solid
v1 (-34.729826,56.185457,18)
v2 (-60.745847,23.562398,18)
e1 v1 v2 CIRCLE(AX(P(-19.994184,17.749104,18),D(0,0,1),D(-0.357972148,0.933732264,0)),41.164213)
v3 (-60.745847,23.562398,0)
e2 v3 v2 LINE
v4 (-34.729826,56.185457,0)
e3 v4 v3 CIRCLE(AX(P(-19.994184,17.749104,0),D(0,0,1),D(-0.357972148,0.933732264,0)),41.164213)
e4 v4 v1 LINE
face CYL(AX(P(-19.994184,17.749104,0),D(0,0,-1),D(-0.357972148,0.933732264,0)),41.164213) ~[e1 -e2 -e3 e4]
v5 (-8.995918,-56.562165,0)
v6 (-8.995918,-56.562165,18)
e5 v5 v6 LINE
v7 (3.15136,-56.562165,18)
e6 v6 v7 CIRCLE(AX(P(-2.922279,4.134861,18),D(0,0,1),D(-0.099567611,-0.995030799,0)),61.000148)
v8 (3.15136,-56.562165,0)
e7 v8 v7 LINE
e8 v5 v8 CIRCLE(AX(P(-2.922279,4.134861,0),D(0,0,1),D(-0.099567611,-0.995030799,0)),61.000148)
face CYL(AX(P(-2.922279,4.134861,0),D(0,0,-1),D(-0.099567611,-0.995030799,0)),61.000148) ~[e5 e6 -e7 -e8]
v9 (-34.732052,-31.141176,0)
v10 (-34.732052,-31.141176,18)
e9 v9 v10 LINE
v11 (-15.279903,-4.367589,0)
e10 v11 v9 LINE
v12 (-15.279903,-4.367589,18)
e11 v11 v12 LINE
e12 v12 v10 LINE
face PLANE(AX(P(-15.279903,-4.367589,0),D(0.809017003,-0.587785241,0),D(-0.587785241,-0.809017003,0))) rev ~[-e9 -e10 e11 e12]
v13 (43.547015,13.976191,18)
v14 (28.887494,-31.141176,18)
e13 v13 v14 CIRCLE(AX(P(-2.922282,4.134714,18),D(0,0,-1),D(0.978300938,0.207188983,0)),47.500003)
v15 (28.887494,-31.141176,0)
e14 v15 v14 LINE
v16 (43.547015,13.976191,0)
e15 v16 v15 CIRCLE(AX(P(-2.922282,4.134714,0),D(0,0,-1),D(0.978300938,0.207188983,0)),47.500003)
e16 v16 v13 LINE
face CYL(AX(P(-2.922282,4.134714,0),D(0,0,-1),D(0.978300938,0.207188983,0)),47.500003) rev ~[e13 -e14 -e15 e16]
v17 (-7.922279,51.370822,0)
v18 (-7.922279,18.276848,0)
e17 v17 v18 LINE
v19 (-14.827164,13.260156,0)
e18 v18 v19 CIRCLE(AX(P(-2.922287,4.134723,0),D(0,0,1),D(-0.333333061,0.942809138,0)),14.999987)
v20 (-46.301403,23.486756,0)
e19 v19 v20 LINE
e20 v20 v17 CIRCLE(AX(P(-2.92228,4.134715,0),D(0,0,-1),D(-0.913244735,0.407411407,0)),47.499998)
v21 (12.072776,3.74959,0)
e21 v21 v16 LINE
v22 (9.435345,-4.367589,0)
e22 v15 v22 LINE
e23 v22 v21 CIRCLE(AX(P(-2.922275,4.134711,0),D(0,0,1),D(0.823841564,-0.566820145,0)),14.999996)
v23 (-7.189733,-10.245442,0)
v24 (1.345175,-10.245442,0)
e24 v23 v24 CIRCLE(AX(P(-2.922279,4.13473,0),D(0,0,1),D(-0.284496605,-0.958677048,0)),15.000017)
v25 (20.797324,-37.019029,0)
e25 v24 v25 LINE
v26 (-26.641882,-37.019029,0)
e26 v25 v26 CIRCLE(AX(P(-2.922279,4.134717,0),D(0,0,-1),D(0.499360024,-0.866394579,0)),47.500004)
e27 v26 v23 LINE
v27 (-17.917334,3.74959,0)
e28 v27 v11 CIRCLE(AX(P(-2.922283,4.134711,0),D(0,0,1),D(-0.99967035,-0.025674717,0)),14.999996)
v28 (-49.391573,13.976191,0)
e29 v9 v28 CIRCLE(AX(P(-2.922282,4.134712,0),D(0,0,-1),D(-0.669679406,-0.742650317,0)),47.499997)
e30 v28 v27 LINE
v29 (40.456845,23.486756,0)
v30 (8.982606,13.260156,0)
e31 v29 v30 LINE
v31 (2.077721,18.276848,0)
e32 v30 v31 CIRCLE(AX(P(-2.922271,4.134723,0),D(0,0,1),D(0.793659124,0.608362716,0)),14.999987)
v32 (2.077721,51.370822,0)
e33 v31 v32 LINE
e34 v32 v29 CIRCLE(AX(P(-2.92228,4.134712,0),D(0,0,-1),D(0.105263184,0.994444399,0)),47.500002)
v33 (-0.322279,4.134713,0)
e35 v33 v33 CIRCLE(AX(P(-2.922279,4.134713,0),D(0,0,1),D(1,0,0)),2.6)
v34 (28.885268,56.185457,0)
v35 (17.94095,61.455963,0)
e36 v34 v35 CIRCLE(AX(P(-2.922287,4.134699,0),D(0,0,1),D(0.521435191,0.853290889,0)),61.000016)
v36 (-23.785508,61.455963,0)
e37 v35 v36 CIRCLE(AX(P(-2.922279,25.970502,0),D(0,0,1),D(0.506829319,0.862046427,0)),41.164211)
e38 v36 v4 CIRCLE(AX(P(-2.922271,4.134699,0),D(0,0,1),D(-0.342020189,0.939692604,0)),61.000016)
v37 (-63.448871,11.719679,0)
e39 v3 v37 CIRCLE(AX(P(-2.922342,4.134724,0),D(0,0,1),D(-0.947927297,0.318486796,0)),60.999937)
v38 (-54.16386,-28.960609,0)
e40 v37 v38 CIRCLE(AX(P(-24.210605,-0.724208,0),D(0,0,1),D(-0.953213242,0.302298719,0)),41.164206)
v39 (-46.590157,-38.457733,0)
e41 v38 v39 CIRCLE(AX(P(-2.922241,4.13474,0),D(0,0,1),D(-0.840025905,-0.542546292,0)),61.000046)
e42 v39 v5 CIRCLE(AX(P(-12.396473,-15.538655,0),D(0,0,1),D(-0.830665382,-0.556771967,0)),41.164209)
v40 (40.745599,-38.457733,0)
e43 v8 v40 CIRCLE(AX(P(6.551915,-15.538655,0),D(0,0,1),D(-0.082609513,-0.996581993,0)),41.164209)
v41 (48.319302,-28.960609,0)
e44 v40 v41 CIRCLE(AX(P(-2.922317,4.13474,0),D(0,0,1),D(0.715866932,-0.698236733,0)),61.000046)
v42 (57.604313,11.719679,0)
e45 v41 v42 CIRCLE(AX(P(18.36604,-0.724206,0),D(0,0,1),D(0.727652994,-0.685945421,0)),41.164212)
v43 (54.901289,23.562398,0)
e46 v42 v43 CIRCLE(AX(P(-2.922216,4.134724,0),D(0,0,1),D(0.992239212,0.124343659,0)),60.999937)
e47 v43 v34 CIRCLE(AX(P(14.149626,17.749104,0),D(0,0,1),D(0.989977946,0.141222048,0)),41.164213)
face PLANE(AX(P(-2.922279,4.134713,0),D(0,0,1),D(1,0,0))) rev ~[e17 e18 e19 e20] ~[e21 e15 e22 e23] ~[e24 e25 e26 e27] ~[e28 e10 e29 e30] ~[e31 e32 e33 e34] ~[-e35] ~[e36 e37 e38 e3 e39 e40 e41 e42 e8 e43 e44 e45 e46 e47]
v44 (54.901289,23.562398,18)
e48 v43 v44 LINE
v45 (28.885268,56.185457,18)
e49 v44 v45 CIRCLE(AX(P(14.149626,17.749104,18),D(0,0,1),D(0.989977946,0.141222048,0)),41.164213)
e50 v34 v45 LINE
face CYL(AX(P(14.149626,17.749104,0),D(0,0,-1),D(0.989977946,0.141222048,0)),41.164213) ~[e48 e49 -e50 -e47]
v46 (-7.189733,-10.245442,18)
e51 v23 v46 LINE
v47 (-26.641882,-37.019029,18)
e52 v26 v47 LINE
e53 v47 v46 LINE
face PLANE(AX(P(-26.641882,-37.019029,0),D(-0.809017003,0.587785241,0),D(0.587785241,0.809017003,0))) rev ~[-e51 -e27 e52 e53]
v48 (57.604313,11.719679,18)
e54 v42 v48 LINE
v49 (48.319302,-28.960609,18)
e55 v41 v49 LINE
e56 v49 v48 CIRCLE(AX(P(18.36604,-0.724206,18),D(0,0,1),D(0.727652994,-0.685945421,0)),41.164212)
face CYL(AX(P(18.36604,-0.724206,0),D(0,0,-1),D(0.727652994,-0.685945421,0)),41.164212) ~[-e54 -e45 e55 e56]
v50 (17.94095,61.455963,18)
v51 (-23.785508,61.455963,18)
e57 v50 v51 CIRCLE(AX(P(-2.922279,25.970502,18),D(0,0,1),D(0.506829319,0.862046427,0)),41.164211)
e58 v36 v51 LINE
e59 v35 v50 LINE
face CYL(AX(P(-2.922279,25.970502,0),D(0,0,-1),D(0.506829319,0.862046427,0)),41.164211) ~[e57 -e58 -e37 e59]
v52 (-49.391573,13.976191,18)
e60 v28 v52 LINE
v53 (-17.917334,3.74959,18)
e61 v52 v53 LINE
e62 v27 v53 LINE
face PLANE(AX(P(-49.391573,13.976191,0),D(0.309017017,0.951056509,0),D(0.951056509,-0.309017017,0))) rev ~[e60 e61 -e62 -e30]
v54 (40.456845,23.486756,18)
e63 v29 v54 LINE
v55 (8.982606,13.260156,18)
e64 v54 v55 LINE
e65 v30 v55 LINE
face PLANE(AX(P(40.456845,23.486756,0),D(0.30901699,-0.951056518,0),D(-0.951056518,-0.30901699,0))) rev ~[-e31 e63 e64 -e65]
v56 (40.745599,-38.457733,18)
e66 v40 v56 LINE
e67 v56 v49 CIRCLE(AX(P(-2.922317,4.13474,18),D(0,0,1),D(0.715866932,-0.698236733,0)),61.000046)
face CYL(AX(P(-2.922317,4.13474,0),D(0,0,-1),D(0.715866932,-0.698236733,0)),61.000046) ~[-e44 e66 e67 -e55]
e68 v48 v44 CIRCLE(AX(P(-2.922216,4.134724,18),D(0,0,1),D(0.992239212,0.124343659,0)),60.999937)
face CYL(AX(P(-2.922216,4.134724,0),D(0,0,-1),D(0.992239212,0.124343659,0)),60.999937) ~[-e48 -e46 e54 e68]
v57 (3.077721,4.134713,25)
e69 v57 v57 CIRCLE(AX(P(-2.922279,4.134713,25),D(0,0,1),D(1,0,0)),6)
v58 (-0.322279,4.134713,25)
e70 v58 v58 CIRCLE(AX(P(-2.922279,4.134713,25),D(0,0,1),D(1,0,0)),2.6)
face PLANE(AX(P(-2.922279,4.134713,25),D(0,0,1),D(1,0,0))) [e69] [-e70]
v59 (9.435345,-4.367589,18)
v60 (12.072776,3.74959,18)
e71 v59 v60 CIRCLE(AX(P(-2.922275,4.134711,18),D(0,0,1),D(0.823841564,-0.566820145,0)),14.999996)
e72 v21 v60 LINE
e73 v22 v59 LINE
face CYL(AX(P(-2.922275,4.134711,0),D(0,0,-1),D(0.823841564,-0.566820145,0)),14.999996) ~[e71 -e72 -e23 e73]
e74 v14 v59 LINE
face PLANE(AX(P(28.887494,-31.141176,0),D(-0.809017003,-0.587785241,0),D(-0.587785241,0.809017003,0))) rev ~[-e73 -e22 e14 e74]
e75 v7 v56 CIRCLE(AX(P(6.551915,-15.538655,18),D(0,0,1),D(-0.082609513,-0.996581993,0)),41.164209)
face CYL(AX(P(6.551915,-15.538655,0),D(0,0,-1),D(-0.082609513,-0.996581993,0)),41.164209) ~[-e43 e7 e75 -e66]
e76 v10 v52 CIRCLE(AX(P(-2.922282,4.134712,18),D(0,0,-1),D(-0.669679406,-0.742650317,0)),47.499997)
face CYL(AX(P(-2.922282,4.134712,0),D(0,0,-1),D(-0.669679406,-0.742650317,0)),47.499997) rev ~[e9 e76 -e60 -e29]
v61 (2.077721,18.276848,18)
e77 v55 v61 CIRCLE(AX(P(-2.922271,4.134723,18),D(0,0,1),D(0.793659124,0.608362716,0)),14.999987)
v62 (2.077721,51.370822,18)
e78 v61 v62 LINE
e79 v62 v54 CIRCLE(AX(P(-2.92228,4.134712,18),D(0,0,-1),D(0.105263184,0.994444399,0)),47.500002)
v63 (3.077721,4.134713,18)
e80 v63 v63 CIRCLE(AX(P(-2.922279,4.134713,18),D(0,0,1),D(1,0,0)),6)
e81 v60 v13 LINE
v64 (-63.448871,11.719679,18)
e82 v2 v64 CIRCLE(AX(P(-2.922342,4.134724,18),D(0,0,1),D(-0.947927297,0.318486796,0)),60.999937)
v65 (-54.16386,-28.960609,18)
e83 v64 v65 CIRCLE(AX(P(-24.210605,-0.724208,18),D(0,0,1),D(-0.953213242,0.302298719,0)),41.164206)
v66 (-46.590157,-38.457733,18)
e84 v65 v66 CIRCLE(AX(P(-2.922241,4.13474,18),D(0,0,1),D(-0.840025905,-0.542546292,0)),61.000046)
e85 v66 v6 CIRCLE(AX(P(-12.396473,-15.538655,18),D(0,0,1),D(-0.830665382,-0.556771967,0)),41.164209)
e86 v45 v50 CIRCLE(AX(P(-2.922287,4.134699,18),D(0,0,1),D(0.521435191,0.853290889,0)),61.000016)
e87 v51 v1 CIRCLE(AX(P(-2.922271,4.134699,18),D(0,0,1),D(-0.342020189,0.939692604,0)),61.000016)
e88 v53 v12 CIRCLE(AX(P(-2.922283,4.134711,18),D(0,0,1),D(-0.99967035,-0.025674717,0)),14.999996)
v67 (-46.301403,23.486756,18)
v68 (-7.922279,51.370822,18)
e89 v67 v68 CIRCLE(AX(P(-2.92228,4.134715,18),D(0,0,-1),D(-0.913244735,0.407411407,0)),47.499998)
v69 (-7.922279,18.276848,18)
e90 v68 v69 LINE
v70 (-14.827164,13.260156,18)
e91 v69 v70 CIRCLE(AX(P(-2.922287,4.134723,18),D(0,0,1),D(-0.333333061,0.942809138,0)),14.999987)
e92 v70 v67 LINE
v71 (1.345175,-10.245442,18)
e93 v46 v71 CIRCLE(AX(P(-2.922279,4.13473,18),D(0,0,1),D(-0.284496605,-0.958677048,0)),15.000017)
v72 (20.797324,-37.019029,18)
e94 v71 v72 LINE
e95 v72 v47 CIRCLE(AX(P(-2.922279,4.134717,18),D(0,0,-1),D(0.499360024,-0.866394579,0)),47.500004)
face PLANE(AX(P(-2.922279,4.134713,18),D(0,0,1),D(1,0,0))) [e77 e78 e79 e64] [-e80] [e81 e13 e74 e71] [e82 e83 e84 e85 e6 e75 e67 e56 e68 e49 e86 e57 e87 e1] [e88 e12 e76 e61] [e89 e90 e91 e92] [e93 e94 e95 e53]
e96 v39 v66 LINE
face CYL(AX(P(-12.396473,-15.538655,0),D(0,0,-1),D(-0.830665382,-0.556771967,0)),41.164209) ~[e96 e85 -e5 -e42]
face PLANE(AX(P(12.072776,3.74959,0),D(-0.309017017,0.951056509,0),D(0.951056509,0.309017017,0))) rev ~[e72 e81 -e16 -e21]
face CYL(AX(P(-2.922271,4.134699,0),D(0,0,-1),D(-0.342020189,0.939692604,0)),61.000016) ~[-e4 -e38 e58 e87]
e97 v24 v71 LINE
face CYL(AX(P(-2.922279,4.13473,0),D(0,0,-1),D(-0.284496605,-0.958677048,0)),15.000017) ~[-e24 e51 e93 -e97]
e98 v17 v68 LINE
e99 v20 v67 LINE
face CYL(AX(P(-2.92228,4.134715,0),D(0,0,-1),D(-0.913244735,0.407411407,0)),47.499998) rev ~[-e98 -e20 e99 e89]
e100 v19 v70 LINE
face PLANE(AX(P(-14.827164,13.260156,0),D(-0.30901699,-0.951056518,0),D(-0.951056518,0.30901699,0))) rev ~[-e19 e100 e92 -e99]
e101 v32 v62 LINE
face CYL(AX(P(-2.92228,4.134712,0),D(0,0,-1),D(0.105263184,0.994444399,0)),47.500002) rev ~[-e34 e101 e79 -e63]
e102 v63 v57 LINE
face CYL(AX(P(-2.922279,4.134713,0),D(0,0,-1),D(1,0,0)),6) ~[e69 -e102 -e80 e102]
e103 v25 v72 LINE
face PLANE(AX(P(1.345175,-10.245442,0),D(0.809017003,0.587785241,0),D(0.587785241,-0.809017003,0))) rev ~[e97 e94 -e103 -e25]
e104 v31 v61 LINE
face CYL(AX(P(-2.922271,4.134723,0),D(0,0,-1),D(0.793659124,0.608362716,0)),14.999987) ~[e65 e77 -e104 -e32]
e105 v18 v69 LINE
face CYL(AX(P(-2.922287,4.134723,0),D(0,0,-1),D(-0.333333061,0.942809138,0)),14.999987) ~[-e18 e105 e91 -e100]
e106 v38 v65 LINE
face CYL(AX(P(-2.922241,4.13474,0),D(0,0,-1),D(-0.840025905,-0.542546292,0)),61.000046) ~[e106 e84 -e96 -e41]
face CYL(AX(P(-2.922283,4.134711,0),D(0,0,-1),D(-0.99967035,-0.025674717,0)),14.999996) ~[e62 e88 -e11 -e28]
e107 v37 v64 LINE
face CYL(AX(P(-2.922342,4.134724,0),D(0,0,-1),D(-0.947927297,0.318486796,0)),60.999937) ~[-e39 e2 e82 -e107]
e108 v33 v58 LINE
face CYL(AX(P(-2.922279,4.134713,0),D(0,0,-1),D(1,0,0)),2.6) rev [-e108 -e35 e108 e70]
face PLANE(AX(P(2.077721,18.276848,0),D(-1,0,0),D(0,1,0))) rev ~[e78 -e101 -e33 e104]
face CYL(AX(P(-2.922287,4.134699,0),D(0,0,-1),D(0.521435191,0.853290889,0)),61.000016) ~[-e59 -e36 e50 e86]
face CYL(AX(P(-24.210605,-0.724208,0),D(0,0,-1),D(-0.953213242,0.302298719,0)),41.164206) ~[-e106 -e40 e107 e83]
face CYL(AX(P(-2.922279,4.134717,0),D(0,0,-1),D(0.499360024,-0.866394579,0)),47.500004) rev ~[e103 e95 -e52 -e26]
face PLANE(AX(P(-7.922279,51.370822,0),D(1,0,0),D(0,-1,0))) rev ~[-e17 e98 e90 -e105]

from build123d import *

# Parameters (mm, degrees)
F0_R     = 6
F0_R_2   = 2.6
F1_DEPTH = 25
F2_DEPTH = 18


with BuildPart() as f1:
    # F0 (on Top) → F1 (new body)
    with BuildSketch(Plane.XY):
        with Locations((-2.922279, 4.134713)):
            Circle(F0_R)
        with Locations((-2.922279, 4.134713)):
            Circle(F0_R_2, mode=Mode.SUBTRACT)
    extrude(amount=F1_DEPTH)

    # F0 (on Top) → F2 (join)
    with BuildSketch(Plane.XY):
        with BuildLine():
            ThreePointArc((-34.729826, 56.185457), (-52.177662, 43.41457), (-60.745847, 23.562398))
            ThreePointArc((-60.745847, 23.562398), (-62.392882, 17.70849), (-63.448871, 11.719679))
            ThreePointArc((-63.448871, 11.719679), (-64.342738, -9.884106), (-54.16386, -28.960609))
            ThreePointArc((-54.16386, -28.960609), (-50.613999, -33.898165), (-46.590157, -38.457733))
            ThreePointArc((-46.590157, -38.457733), (-30.256955, -52.626326), (-8.995918, -56.562165))
            ThreePointArc((-8.995918, -56.562165), (-2.922279, -56.865287), (3.15136, -56.562165))
            ThreePointArc((3.15136, -56.562165), (24.412397, -52.626326), (40.745599, -38.457733))
            ThreePointArc((40.745599, -38.457733), (44.769441, -33.898165), (48.319302, -28.960609))
            ThreePointArc((48.319302, -28.960609), (58.498179, -9.884106), (57.604313, 11.719679))
            ThreePointArc((57.604313, 11.719679), (56.548324, 17.70849), (54.901289, 23.562398))
            ThreePointArc((54.901289, 23.562398), (46.333104, 43.41457), (28.885268, 56.185457))
            ThreePointArc((28.885268, 56.185457), (23.544629, 59.093814), (17.94095, 61.455963))
            ThreePointArc((17.94095, 61.455963), (-2.922279, 67.134713), (-23.785508, 61.455963))
            ThreePointArc((-23.785508, 61.455963), (-29.389187, 59.093814), (-34.729826, 56.185457))
        make_face()
        with BuildLine():
            Line((-26.641882, -37.019029), (-7.189733, -10.245442))
            ThreePointArc((-7.189733, -10.245442), (-2.922279, -10.865287), (1.345175, -10.245442))
            Line((1.345175, -10.245442), (20.797324, -37.019029))
            ThreePointArc((20.797324, -37.019029), (-2.922279, -43.365287), (-26.641882, -37.019029))
        make_face(mode=Mode.SUBTRACT)
        with BuildLine():
            Line((-49.391573, 13.976191), (-17.917334, 3.74959))
            ThreePointArc((-17.917334, 3.74959), (-17.188127, -0.500542), (-15.279903, -4.367589))
            Line((-15.279903, -4.367589), (-34.732052, -31.141176))
            ThreePointArc((-34.732052, -31.141176), (-48.097464, -10.543594), (-49.391573, 13.976191))
        make_face(mode=Mode.SUBTRACT)
        with Locations((-2.922279, 4.134713)):
            Circle(F0_R, mode=Mode.SUBTRACT)
        with BuildLine():
            Line((28.887494, -31.141176), (9.435345, -4.367589))
            ThreePointArc((9.435345, -4.367589), (11.343569, -0.500542), (12.072776, 3.74959))
            Line((12.072776, 3.74959), (43.547015, 13.976191))
            ThreePointArc((43.547015, 13.976191), (42.252905, -10.543594), (28.887494, -31.141176))
        make_face(mode=Mode.SUBTRACT)
        with BuildLine():
            ThreePointArc((-46.301403, 23.486756), (-30.842079, 42.56302), (-7.922279, 51.370822))
            Line((-7.922279, 51.370822), (-7.922279, 18.276848))
            ThreePointArc((-7.922279, 18.276848), (-11.739058, 16.269968), (-14.827164, 13.260156))
            Line((-14.827164, 13.260156), (-46.301403, 23.486756))
        make_face(mode=Mode.SUBTRACT)
        with BuildLine():
            ThreePointArc((8.982606, 13.260156), (5.8945, 16.269968), (2.077721, 18.276848))
            Line((2.077721, 18.276848), (2.077721, 51.370822))
            ThreePointArc((2.077721, 51.370822), (24.99752, 42.56302), (40.456845, 23.486756))
            Line((40.456845, 23.486756), (8.982606, 13.260156))
        make_face(mode=Mode.SUBTRACT)
    extrude(amount=F2_DEPTH)


solid = f1.part
